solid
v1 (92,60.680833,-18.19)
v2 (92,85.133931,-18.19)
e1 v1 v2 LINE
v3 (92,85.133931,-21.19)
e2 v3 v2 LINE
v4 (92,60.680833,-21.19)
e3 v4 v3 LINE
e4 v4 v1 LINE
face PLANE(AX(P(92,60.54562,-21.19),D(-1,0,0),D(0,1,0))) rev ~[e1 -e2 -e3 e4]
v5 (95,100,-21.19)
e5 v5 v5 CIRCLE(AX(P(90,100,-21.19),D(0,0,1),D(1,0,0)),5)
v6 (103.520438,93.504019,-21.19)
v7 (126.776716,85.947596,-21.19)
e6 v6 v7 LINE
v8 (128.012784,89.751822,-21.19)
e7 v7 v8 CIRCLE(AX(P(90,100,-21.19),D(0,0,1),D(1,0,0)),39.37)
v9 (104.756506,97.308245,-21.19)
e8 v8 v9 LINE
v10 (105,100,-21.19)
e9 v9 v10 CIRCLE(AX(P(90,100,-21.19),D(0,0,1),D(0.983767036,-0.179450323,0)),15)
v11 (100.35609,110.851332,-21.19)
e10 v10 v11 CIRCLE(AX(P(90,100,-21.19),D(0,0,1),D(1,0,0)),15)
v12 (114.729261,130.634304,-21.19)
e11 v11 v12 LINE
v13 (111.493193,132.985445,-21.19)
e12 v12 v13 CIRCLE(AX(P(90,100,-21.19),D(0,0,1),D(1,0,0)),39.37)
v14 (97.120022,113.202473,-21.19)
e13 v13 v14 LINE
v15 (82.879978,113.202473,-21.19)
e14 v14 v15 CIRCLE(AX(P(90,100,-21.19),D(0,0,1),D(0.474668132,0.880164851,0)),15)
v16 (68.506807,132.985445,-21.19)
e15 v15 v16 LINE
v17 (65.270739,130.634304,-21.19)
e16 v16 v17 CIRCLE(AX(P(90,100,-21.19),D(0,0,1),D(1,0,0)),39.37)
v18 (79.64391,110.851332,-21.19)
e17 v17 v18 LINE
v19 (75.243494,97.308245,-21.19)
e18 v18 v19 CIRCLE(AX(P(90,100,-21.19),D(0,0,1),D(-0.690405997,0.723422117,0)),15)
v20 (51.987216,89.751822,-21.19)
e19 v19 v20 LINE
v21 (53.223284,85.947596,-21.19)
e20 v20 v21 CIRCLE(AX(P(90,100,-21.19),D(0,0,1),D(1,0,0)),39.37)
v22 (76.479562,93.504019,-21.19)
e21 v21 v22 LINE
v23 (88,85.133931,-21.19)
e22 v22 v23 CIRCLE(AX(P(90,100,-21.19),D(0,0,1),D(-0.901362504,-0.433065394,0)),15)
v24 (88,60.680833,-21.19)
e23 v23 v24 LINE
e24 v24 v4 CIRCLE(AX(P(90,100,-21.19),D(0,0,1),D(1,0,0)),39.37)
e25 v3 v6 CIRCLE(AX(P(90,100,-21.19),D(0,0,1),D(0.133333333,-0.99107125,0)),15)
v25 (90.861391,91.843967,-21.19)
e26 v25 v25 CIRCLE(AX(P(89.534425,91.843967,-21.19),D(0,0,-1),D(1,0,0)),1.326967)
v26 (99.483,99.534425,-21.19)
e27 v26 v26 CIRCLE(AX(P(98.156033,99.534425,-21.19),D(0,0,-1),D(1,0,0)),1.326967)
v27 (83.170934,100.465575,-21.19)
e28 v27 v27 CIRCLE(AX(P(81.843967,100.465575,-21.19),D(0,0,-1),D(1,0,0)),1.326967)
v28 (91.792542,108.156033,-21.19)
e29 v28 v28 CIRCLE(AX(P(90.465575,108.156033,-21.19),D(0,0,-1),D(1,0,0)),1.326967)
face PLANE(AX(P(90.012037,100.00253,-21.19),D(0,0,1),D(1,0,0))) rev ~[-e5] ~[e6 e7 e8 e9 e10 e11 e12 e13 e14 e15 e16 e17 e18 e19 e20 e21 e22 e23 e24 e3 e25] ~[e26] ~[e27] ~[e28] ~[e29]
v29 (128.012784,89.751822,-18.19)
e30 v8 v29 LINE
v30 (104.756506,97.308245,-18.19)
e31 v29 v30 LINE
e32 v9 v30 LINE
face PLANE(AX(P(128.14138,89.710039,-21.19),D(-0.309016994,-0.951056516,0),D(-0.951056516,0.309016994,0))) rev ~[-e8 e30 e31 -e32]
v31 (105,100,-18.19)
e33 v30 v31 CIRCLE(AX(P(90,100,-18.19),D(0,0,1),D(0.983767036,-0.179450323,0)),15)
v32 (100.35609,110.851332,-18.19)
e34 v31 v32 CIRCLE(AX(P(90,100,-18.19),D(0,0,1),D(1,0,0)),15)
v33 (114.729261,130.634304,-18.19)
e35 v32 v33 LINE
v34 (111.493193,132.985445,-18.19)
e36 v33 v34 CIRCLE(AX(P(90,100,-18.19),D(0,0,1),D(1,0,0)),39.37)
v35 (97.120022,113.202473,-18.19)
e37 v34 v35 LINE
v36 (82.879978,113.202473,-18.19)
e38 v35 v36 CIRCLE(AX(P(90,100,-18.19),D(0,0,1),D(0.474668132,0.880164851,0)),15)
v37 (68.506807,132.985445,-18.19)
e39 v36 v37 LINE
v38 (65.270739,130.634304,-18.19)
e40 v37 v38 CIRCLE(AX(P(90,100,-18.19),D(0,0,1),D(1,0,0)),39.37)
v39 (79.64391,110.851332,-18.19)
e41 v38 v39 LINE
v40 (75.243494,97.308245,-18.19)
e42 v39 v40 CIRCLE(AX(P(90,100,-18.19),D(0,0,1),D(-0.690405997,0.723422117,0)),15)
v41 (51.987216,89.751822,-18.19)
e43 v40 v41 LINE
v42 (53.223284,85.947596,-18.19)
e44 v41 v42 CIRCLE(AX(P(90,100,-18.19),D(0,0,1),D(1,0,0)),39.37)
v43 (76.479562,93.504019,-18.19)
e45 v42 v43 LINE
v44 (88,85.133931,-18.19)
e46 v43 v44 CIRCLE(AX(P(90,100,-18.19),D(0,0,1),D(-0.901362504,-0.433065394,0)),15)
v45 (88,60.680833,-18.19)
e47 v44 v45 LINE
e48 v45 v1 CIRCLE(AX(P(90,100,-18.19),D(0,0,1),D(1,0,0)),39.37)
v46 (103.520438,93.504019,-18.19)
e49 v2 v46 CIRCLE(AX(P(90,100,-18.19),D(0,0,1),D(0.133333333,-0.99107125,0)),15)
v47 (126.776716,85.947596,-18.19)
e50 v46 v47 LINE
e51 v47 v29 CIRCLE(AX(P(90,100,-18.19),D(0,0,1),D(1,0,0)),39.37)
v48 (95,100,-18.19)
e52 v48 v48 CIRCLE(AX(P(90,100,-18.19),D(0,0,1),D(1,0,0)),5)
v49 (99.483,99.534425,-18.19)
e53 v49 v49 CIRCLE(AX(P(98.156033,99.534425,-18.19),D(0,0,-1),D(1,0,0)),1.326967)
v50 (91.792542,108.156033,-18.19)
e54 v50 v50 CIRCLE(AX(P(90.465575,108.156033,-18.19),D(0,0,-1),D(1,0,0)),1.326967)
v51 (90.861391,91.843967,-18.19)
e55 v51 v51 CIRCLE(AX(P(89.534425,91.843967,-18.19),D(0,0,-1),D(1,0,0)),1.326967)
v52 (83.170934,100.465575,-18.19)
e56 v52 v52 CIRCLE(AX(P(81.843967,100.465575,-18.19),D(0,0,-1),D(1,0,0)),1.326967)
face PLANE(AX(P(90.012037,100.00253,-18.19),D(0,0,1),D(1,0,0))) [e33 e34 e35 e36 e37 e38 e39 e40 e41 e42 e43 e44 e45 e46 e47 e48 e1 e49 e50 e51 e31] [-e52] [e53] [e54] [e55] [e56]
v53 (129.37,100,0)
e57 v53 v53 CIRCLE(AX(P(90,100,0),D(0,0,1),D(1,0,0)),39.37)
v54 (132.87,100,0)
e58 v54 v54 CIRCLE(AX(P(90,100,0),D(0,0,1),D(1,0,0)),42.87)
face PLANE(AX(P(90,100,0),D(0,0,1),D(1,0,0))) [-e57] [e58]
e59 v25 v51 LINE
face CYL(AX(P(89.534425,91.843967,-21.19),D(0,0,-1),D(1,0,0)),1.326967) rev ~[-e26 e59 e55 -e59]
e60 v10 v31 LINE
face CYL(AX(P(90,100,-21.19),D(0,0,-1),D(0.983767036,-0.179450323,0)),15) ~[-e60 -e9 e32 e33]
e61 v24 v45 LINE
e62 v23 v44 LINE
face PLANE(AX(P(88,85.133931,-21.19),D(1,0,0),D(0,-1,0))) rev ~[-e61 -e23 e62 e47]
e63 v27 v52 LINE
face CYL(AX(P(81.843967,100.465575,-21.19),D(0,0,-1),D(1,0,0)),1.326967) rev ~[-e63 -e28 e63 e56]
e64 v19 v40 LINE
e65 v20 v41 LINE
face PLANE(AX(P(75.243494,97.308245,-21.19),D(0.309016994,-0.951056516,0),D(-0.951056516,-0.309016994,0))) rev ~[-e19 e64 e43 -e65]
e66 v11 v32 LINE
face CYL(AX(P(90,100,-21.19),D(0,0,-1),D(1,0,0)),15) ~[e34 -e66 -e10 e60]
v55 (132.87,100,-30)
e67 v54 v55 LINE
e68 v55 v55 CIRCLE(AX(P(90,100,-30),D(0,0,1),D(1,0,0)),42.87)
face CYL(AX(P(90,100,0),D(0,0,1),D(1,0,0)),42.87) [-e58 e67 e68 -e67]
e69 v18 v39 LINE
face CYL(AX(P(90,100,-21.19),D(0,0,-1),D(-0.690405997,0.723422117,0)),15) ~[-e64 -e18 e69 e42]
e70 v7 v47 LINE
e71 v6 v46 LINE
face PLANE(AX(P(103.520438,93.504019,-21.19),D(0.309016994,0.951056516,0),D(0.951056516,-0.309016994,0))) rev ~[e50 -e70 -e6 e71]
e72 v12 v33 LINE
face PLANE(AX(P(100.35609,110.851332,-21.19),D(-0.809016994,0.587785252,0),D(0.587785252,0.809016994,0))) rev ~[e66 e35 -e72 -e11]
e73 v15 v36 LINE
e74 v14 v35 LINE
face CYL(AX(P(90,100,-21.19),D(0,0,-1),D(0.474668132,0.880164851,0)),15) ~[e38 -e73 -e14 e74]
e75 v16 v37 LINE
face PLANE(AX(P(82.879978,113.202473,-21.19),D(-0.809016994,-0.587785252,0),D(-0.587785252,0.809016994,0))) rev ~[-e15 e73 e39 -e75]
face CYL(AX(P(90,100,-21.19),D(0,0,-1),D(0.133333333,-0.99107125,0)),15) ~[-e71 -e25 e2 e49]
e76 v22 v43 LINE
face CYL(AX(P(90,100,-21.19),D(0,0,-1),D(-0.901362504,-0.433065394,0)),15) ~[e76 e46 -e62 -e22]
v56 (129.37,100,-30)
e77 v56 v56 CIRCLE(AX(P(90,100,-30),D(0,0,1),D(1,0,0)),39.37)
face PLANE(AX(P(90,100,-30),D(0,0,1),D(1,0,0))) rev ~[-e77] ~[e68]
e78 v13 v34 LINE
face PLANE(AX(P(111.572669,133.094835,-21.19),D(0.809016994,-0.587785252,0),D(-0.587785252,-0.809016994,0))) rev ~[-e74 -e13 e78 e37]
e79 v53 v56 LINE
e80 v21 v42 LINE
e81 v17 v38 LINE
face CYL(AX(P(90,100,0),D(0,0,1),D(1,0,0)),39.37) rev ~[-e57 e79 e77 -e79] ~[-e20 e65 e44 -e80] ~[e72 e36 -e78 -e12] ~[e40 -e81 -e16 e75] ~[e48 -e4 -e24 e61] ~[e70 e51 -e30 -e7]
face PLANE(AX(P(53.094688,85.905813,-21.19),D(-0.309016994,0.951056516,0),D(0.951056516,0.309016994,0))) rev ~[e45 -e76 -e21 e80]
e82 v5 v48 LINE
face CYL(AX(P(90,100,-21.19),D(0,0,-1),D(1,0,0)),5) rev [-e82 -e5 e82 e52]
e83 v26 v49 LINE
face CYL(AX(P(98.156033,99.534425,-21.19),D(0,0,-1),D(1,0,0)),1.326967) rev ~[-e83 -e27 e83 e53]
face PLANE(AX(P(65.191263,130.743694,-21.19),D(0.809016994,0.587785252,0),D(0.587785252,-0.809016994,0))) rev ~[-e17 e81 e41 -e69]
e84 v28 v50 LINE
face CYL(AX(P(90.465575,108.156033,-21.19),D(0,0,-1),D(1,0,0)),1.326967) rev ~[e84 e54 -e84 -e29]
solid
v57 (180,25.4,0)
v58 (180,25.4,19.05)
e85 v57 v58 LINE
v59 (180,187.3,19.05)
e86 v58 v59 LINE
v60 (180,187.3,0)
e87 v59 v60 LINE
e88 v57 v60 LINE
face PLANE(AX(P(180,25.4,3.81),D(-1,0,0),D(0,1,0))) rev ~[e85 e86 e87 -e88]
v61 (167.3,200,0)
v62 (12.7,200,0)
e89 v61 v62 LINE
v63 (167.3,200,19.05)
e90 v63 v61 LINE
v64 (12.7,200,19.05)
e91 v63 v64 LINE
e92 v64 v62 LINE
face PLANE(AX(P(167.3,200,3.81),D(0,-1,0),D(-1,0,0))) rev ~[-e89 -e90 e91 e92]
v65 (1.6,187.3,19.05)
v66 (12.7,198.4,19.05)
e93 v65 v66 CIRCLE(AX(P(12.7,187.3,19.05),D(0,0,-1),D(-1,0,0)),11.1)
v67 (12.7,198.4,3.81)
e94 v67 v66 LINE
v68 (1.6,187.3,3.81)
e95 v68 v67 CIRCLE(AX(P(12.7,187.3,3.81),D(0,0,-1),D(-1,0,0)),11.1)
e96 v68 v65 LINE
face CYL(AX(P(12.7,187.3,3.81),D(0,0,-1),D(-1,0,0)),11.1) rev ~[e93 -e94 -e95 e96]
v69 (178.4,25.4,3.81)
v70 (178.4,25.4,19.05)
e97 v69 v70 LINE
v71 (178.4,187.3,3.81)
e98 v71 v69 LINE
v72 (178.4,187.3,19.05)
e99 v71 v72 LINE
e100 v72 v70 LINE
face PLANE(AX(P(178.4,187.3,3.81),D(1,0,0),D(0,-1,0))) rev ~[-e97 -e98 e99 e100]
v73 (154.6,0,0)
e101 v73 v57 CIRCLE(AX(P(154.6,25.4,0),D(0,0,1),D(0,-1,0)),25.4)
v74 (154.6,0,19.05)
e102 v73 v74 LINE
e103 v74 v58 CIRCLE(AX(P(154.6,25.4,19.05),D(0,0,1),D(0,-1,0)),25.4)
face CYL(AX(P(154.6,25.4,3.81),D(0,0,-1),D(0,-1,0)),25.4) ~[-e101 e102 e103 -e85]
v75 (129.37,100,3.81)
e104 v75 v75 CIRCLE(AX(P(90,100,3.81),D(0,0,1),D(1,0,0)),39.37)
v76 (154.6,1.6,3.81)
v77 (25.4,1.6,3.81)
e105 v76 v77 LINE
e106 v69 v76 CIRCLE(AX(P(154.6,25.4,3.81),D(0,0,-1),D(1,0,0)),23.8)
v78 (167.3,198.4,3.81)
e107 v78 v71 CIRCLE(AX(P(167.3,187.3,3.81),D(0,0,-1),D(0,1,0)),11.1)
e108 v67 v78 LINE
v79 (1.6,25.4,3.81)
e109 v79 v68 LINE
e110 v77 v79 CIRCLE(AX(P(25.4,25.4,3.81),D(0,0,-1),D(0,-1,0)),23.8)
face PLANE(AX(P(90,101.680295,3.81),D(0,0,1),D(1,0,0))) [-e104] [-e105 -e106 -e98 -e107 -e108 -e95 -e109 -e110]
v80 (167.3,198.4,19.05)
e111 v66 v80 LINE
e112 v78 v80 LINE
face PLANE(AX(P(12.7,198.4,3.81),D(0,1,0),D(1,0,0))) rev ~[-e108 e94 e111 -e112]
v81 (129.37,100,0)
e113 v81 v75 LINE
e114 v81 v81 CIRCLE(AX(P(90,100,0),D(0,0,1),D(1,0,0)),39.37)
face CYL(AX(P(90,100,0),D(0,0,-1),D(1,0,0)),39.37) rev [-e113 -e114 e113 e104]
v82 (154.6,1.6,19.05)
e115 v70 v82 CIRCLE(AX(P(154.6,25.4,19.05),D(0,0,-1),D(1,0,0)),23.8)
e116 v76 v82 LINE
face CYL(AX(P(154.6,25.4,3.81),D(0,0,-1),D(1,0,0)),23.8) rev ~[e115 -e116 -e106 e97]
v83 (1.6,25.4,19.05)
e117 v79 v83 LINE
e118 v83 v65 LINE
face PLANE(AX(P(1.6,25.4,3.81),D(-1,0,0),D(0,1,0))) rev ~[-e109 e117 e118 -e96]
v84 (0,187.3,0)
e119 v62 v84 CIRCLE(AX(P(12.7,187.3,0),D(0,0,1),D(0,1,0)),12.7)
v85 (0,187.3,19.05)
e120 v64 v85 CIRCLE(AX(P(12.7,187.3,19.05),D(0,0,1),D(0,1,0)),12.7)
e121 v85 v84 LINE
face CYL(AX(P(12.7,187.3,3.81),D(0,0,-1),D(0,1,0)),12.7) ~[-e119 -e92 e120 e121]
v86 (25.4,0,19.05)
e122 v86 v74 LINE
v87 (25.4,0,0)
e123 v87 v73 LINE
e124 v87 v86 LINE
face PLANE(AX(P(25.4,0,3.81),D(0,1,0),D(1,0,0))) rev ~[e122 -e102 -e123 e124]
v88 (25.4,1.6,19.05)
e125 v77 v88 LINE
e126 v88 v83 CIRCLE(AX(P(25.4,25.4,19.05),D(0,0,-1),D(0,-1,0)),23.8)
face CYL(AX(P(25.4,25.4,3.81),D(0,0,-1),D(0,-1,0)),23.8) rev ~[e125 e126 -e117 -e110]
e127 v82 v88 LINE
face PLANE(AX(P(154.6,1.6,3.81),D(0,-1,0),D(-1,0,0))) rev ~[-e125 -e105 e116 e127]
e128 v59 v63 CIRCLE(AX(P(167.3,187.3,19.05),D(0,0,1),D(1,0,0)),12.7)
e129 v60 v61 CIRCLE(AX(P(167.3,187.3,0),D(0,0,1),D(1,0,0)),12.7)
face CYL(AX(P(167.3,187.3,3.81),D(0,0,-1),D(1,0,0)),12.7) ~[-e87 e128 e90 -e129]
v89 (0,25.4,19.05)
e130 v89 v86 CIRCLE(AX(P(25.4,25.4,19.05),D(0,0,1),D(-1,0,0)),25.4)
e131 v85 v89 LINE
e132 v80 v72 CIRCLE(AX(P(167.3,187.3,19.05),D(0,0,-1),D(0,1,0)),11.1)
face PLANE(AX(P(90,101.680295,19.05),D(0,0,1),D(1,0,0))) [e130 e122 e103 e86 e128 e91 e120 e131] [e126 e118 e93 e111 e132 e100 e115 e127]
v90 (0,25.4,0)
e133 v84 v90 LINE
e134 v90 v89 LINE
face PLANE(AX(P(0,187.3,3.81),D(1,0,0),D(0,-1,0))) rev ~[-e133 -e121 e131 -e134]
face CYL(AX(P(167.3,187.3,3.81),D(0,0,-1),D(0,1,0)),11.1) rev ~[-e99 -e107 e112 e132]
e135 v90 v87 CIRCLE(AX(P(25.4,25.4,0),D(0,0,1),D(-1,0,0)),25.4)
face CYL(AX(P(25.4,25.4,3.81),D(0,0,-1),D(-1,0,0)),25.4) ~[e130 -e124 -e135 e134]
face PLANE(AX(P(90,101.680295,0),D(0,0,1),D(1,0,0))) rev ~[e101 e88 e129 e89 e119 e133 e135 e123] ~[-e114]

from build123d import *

# Parameters (mm, degrees)
F0_R      = 39.37
F1_DEPTH  = 3.81
F3_DEPTH  = 15.24
F4_R      = 42.87
F4_R_2    = 39.37
F5_DEPTH  = 30
F7_R      = 5
F8_DEPTH  = 3
F9_R      = 1.3269668218
F10_DEPTH = 25


with BuildPart() as f1:
    # F0 (on Top) → F1 (new body)
    with BuildSketch(Plane.XY):
        with BuildLine():
            ThreePointArc((0, 25.4), (7.4394877579, 7.4394877579), (25.4, 0))
            Line((25.4, 0), (154.6, 0))
            ThreePointArc((154.6, 0), (172.5605122421, 7.4394877579), (180, 25.4))
            Line((180, 25.4), (180, 187.3))
            ThreePointArc((180, 187.3), (176.2802561211, 196.2802561211), (167.3, 200))
            Line((167.3, 200), (12.7, 200))
            ThreePointArc((12.7, 200), (3.7197438789, 196.2802561211), (0, 187.3))
            Line((0, 187.3), (0, 25.4))
        make_face()
        with Locations((90, 100)):
            Circle(F0_R, mode=Mode.SUBTRACT)
    extrude(amount=F1_DEPTH)

    # F2 (on face) → F3 (join)
    with BuildSketch(Plane.XY.offset(3.81)):
        with BuildLine():
            Line((0, 187.3), (0, 25.4))
            ThreePointArc((0, 25.4), (7.4394877579, 7.4394877579), (25.4, 0))
            Line((25.4, 0), (154.6, 0))
            ThreePointArc((154.6, 0), (172.5605122421, 7.4394877579), (180, 25.4))
            Line((180, 25.4), (180, 187.3))
            ThreePointArc((180, 187.3), (176.2802561211, 196.2802561211), (167.3, 200))
            Line((167.3, 200), (12.7, 200))
            ThreePointArc((12.7, 200), (3.7197438789, 196.2802561211), (0, 187.3))
        make_face()
        with BuildLine():
            ThreePointArc((178.4, 25.4), (171.4291413922, 8.5708586078), (154.6, 1.6))
            Line((154.6, 1.6), (25.4, 1.6))
            ThreePointArc((25.4, 1.6), (8.5708586078, 8.5708586078), (1.6, 25.4))
            Line((1.6, 25.4), (1.6, 187.3))
            ThreePointArc((1.6, 187.3), (4.8511147288, 195.1488852712), (12.7, 198.4))
            Line((12.7, 198.4), (167.3, 198.4))
            ThreePointArc((167.3, 198.4), (175.1488852712, 195.1488852712), (178.4, 187.3))
            Line((178.4, 187.3), (178.4, 25.4))
        make_face(mode=Mode.SUBTRACT)
    extrude(amount=F3_DEPTH)


with BuildPart() as f5:
    # F4 (on Top) → F5 (new body)
    with BuildSketch(Plane.XY):
        with Locations((90, 100)):
            Circle(F4_R)
        with Locations((90, 100)):
            Circle(F4_R_2, mode=Mode.SUBTRACT)
    extrude(amount=-F5_DEPTH)

    # F7 (on offset) → F8 (join)
    with BuildSketch(Plane.XY.offset(-21.19)):
        with BuildLine():
            ThreePointArc((104.7565055426, 97.3082451501), (104.9390023619, 98.6486272052), (105, 100))
            ThreePointArc((105, 100), (103.7902383839, 105.9016375113), (100.356089958, 110.8513317515))
            Line((100.356089958, 110.8513317515), (99.67855692, 109.9187875275))
            Line((99.67855692, 109.9187875275), (96.5325938917, 112.3939473597))
            Line((96.5325938917, 112.3939473597), (97.1200219805, 113.2024727607))
            ThreePointArc((97.1200219805, 113.2024727607), (90, 115), (82.8799780195, 113.2024727607))
            Line((82.8799780195, 113.2024727607), (83.5575110575, 112.2699285367))
            Line((83.5575110575, 112.2699285367), (80.2313381308, 110.0428063506))
            Line((80.2313381308, 110.0428063506), (79.643910042, 110.8513317515))
            ThreePointArc((79.643910042, 110.8513317515), (75.7341522556, 104.6352549156), (75.2434944574, 97.3082451501))
            Line((75.2434944574, 97.3082451501), (76.3397659414, 97.6644453477))
            Line((76.3397659414, 97.6644453477), (77.4300410485, 93.8128483073))
            Line((77.4300410485, 93.8128483073), (76.4795624349, 93.5040190849))
            ThreePointArc((76.4795624349, 93.5040190849), (81.1832212156, 87.8647450844), (88, 85.1339312527))
            Line((88, 85.1339312527), (88, 86.2866193056))
            Line((88, 86.2866193056), (92, 86.1333236098))
            Line((92, 86.1333236098), (92, 85.1339312527))
            ThreePointArc((92, 85.1339312527), (98.8167787844, 87.8647450844), (103.5204375651, 93.5040190849))
            Line((103.5204375651, 93.5040190849), (102.4241660811, 93.8602192825))
            Line((102.4241660811, 93.8602192825), (103.806026929, 97.6170743725))
            Line((103.806026929, 97.6170743725), (104.7565055426, 97.3082451501))
        make_face()
        with Locations((90, 100)):
            Circle(F7_R, mode=Mode.SUBTRACT)
        with BuildLine():
            Line((92, 60.5456195772), (92, 85.1339312527))
            ThreePointArc((92, 85.1339312527), (90, 85), (88, 85.1339312527))
            Line((88, 85.1339312527), (88, 60.5456195772))
            Line((88, 60.5456195772), (92, 60.5456195772))
        make_face()
        with BuildLine():
            ThreePointArc((76.4795624349, 93.5040190849), (75.7341522556, 95.3647450844), (75.2434944574, 97.3082451501))
            Line((75.2434944574, 97.3082451501), (51.8586204137, 89.7100389794))
            Line((51.8586204137, 89.7100389794), (53.0946883912, 85.9058129142))
            Line((53.0946883912, 85.9058129142), (76.4795624349, 93.5040190849))
        make_face()
        with BuildLine():
            ThreePointArc((79.643910042, 110.8513317515), (81.1832212156, 112.1352549156), (82.8799780195, 113.2024727607))
            Line((82.8799780195, 113.2024727607), (68.4273310379, 133.0948347692))
            Line((68.4273310379, 133.0948347692), (65.1912630604, 130.74369376))
            Line((65.1912630604, 130.74369376), (79.643910042, 110.8513317515))
        make_face()
        with BuildLine():
            ThreePointArc((97.1200219805, 113.2024727607), (98.8167787844, 112.1352549156), (100.356089958, 110.8513317515))
            Line((100.356089958, 110.8513317515), (114.8087369396, 130.74369376))
            Line((114.8087369396, 130.74369376), (111.5726689621, 133.0948347692))
            Line((111.5726689621, 133.0948347692), (97.1200219805, 113.2024727607))
        make_face()
        with BuildLine():
            Line((128.1413795863, 89.7100389794), (104.7565055426, 97.3082451501))
            ThreePointArc((104.7565055426, 97.3082451501), (104.2658477444, 95.3647450844), (103.5204375651, 93.5040190849))
            Line((103.5204375651, 93.5040190849), (126.9053116088, 85.9058129142))
            Line((126.9053116088, 85.9058129142), (128.1413795863, 89.7100389794))
        make_face()
        with BuildLine():
            ThreePointArc((103.5204375651, 93.5040190849), (104.2658477444, 95.3647450844), (104.7565055426, 97.3082451501))
            Line((104.7565055426, 97.3082451501), (103.806026929, 97.6170743725))
            Line((103.806026929, 97.6170743725), (102.4241660811, 93.8602192825))
            Line((102.4241660811, 93.8602192825), (103.5204375651, 93.5040190849))
        make_face()
        with BuildLine():
            ThreePointArc((88, 85.1339312527), (90, 85), (92, 85.1339312527))
            Line((92, 85.1339312527), (92, 86.1333236098))
            Line((92, 86.1333236098), (88, 86.2866193056))
            Line((88, 86.2866193056), (88, 85.1339312527))
        make_face()
        with BuildLine():
            Line((76.3397659414, 97.6644453477), (75.2434944574, 97.3082451501))
            ThreePointArc((75.2434944574, 97.3082451501), (75.7341522556, 95.3647450844), (76.4795624349, 93.5040190849))
            Line((76.4795624349, 93.5040190849), (77.4300410485, 93.8128483073))
            Line((77.4300410485, 93.8128483073), (76.3397659414, 97.6644453477))
        make_face()
        with BuildLine():
            Line((83.5575110575, 112.2699285367), (82.8799780195, 113.2024727607))
            ThreePointArc((82.8799780195, 113.2024727607), (81.1832212156, 112.1352549156), (79.643910042, 110.8513317515))
            Line((79.643910042, 110.8513317515), (80.2313381308, 110.0428063506))
            Line((80.2313381308, 110.0428063506), (83.5575110575, 112.2699285367))
        make_face()
        with BuildLine():
            Line((99.67855692, 109.9187875275), (100.356089958, 110.8513317515))
            ThreePointArc((100.356089958, 110.8513317515), (98.8167787844, 112.1352549156), (97.1200219805, 113.2024727607))
            Line((97.1200219805, 113.2024727607), (96.5325938917, 112.3939473597))
            Line((96.5325938917, 112.3939473597), (99.67855692, 109.9187875275))
        make_face()
    extrude(amount=F8_DEPTH)

    # F9 (on face) → F10 (cut)
    with BuildSketch(Plane(origin=(0, 0, -21.19), x_dir=(1, 0, 0), z_dir=(0, 0, -1))):
        with Locations((90.4655754566, -108.1560328603)):
            Circle(F9_R)
        with Locations((98.1560328603, -99.5344245434)):
            Circle(F9_R)
        with Locations((89.5344245434, -91.8439671397)):
            Circle(F9_R)
        with Locations((81.8439671397, -100.4655754566)):
            Circle(F9_R)
    extrude(amount=-F10_DEPTH, mode=Mode.SUBTRACT)


solid = Compound([f1.part, f5.part])
